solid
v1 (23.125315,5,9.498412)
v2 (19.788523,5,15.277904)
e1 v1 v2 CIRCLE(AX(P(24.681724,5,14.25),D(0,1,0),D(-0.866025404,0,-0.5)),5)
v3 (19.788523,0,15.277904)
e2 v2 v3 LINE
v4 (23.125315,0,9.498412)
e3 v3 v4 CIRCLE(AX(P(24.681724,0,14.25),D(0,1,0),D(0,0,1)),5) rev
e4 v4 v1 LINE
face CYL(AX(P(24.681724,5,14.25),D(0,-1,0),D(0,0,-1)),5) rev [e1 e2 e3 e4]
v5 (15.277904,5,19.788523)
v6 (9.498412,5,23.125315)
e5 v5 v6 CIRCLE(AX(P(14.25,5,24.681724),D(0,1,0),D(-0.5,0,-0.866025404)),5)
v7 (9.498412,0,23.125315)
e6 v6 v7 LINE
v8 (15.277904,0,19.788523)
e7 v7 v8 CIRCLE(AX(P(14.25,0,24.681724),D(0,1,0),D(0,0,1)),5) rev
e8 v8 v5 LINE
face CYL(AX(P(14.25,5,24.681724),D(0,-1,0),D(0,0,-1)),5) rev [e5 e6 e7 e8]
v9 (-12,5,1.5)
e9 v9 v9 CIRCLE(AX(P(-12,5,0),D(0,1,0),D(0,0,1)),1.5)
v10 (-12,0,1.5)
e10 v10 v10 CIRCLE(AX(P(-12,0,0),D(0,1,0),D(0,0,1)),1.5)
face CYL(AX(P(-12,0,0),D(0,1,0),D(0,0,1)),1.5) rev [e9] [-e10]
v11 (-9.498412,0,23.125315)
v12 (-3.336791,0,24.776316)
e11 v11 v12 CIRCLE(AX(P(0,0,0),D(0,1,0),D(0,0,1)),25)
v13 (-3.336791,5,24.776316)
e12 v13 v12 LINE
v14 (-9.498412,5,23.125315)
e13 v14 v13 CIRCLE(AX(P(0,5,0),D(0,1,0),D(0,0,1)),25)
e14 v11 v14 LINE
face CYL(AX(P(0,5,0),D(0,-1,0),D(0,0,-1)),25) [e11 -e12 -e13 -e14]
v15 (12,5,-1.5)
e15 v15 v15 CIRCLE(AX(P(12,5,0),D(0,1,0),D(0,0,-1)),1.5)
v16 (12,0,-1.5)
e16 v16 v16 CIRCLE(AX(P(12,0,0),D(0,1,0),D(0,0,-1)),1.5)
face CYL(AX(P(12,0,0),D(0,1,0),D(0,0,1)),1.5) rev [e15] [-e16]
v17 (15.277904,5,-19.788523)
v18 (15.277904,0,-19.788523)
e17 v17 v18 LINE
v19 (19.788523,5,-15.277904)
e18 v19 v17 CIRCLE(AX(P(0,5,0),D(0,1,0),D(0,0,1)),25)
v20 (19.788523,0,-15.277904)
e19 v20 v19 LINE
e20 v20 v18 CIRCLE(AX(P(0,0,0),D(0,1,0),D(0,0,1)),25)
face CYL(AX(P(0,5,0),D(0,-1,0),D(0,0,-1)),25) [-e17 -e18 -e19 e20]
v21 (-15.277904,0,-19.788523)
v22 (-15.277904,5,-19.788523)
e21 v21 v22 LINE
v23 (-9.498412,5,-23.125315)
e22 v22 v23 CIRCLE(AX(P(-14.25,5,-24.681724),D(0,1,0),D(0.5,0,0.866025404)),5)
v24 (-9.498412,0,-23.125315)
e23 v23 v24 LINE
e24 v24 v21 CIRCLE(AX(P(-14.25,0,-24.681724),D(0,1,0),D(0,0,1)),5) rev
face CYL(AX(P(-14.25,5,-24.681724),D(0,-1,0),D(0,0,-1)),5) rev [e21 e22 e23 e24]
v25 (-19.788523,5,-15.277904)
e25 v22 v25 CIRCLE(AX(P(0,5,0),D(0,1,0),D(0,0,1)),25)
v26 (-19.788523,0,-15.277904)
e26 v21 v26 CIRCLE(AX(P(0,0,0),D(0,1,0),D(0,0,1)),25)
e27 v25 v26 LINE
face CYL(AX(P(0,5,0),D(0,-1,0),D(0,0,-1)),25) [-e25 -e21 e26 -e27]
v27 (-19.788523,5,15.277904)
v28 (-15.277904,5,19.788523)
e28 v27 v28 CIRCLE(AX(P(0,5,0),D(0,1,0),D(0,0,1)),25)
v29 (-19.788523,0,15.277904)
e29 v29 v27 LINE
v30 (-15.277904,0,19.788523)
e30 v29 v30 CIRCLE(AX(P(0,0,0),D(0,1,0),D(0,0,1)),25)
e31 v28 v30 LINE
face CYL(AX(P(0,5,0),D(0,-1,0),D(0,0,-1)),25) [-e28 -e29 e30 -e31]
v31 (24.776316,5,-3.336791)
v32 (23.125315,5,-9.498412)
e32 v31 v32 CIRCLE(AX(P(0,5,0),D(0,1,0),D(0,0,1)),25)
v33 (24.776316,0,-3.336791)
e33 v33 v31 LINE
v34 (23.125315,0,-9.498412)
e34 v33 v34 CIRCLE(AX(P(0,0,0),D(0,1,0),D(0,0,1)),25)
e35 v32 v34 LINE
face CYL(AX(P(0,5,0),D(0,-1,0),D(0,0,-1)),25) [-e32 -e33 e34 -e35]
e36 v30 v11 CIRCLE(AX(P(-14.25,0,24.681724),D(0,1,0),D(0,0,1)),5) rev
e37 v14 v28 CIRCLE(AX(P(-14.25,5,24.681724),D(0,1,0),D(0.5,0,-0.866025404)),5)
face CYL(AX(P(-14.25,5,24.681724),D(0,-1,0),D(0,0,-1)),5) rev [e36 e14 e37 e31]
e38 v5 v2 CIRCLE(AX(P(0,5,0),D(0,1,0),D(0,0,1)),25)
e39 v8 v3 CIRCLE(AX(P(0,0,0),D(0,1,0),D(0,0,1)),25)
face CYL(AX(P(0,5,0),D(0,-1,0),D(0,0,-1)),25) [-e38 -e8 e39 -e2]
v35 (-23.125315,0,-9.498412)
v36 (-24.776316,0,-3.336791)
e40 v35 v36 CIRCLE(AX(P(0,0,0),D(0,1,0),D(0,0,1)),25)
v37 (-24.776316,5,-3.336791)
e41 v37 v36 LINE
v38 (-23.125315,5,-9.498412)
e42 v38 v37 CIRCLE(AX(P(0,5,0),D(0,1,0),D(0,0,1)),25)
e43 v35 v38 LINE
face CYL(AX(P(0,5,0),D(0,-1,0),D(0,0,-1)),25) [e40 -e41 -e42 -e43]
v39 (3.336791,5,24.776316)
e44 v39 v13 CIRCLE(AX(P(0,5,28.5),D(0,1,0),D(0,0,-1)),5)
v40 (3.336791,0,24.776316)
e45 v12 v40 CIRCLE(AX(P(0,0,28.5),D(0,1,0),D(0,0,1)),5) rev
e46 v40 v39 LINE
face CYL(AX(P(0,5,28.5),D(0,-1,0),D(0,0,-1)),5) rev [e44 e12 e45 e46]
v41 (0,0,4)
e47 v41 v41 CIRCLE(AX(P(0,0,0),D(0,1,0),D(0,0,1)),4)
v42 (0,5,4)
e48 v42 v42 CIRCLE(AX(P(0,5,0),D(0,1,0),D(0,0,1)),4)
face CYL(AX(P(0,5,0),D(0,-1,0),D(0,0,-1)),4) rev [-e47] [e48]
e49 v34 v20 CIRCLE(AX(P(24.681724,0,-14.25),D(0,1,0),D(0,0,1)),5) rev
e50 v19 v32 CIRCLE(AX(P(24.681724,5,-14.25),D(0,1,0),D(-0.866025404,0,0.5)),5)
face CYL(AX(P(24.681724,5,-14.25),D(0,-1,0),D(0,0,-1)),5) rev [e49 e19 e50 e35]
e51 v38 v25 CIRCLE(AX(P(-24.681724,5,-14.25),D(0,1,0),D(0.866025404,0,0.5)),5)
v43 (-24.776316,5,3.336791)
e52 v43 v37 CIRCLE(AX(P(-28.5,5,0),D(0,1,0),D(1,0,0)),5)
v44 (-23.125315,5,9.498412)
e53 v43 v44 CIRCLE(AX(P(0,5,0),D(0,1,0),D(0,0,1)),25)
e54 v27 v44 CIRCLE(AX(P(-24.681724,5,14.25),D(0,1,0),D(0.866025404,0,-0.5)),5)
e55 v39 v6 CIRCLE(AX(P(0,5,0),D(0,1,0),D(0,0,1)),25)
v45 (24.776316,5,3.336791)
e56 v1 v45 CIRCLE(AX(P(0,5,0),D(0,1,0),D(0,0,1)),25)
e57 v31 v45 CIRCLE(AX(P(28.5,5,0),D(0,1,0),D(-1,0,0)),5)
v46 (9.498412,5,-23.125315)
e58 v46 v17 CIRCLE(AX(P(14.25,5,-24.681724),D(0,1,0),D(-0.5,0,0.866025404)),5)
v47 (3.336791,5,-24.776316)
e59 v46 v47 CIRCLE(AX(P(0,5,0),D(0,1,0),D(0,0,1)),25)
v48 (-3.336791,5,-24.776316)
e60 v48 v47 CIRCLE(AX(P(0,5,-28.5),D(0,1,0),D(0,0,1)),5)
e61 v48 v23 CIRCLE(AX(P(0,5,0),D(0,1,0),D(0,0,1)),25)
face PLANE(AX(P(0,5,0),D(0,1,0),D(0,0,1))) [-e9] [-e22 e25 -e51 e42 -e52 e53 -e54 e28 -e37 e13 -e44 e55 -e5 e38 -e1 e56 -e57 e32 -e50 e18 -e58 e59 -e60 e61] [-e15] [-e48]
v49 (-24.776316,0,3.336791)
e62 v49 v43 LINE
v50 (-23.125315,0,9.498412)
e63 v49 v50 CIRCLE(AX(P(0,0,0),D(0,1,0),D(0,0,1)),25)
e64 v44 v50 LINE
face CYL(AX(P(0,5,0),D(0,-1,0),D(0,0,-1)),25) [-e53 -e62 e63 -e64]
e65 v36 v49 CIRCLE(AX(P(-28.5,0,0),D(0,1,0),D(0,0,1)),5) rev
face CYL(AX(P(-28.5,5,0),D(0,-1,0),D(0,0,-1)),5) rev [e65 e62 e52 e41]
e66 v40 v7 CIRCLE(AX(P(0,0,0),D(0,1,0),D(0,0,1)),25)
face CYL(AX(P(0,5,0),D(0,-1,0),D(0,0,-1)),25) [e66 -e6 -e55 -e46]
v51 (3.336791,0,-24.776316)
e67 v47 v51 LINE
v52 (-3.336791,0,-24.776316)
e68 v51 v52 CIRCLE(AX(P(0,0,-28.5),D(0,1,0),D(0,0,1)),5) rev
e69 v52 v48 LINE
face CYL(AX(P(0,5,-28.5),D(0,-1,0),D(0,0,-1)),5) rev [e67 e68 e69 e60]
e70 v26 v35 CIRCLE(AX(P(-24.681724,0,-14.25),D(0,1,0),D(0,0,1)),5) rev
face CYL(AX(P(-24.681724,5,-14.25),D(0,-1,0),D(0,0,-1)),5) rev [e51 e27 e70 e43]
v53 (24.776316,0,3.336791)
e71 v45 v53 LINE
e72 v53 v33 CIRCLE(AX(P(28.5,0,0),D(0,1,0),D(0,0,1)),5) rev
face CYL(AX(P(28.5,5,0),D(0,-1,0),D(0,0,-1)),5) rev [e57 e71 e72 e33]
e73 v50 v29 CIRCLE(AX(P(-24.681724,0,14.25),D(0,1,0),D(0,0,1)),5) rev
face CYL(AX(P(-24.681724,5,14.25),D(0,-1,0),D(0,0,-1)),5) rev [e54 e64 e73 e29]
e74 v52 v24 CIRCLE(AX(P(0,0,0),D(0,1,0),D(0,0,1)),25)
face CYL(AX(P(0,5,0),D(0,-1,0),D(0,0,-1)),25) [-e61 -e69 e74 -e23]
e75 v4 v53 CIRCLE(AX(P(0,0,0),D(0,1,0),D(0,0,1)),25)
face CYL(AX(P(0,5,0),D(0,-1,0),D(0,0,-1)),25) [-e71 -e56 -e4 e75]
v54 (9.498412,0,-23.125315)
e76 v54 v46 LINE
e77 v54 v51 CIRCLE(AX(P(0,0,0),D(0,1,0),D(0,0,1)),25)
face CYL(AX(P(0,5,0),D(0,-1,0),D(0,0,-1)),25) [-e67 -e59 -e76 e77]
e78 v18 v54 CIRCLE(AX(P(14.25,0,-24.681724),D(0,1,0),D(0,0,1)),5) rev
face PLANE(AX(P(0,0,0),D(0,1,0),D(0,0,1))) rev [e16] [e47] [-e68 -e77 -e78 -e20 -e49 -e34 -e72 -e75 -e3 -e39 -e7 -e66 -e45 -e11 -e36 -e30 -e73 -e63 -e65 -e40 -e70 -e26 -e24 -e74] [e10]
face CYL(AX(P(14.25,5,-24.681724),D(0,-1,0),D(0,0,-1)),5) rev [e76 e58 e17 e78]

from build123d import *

# Parameters (mm, degrees)
SKETCH1_R           = 25
BOSS_EXTRUDE1_DEPTH = 5
SKETCH2_R           = 5
CUT_EXTRUDE1_DEPTH  = 6
CIRPATTERN1_COUNT   = 12
SKETCH3_R           = 4
CUT_EXTRUDE2_DEPTH  = 6
SKETCH4_R           = 1.5
CUT_EXTRUDE3_DEPTH  = 6


with BuildPart() as part:
    # Sketch1 → Boss-Extrude1 (new body)
    with BuildSketch(Plane(origin=(0, 0, 0), x_dir=(1, 0, 0), z_dir=(0, 1, 0))):
        Circle(SKETCH1_R)
    extrude(amount=BOSS_EXTRUDE1_DEPTH)

    # Sketch2 → Cut-Extrude1 (cut, through all)
    with BuildSketch(Plane(origin=(0, 0, 0), x_dir=(1, 0, 0), z_dir=(0, 1, 0))):
        with Locations((0, 28.5)):
            Circle(SKETCH2_R)
    cut_extrude1 = extrude(amount=CUT_EXTRUDE1_DEPTH, mode=Mode.SUBTRACT)

    # CirPattern1: Cut-Extrude1 ×12 about axis
    cirpattern1_axis = Axis((0, 0, 0), (0, 1, 0))
    for i in range(1, CIRPATTERN1_COUNT):
        add(cut_extrude1.rotate(cirpattern1_axis, i * 360 / CIRPATTERN1_COUNT), mode=Mode.SUBTRACT)

    # Sketch3 → Cut-Extrude2 (cut, through all)
    with BuildSketch(Plane(origin=(0, 0, 0), x_dir=(1, 0, 0), z_dir=(0, 1, 0))):
        Circle(SKETCH3_R)
    extrude(amount=CUT_EXTRUDE2_DEPTH, mode=Mode.SUBTRACT)

    # Sketch4 → Cut-Extrude3 (cut, through all)
    with BuildSketch(Plane(origin=(0, 5, 0), x_dir=(1, 0, 0), z_dir=(0, 1, 0))):
        with Locations((-12, 0)):
            Circle(SKETCH4_R)
        with Locations((12, 0)):
            Circle(SKETCH4_R)
    extrude(amount=-CUT_EXTRUDE3_DEPTH, mode=Mode.SUBTRACT)


solid = part.part
